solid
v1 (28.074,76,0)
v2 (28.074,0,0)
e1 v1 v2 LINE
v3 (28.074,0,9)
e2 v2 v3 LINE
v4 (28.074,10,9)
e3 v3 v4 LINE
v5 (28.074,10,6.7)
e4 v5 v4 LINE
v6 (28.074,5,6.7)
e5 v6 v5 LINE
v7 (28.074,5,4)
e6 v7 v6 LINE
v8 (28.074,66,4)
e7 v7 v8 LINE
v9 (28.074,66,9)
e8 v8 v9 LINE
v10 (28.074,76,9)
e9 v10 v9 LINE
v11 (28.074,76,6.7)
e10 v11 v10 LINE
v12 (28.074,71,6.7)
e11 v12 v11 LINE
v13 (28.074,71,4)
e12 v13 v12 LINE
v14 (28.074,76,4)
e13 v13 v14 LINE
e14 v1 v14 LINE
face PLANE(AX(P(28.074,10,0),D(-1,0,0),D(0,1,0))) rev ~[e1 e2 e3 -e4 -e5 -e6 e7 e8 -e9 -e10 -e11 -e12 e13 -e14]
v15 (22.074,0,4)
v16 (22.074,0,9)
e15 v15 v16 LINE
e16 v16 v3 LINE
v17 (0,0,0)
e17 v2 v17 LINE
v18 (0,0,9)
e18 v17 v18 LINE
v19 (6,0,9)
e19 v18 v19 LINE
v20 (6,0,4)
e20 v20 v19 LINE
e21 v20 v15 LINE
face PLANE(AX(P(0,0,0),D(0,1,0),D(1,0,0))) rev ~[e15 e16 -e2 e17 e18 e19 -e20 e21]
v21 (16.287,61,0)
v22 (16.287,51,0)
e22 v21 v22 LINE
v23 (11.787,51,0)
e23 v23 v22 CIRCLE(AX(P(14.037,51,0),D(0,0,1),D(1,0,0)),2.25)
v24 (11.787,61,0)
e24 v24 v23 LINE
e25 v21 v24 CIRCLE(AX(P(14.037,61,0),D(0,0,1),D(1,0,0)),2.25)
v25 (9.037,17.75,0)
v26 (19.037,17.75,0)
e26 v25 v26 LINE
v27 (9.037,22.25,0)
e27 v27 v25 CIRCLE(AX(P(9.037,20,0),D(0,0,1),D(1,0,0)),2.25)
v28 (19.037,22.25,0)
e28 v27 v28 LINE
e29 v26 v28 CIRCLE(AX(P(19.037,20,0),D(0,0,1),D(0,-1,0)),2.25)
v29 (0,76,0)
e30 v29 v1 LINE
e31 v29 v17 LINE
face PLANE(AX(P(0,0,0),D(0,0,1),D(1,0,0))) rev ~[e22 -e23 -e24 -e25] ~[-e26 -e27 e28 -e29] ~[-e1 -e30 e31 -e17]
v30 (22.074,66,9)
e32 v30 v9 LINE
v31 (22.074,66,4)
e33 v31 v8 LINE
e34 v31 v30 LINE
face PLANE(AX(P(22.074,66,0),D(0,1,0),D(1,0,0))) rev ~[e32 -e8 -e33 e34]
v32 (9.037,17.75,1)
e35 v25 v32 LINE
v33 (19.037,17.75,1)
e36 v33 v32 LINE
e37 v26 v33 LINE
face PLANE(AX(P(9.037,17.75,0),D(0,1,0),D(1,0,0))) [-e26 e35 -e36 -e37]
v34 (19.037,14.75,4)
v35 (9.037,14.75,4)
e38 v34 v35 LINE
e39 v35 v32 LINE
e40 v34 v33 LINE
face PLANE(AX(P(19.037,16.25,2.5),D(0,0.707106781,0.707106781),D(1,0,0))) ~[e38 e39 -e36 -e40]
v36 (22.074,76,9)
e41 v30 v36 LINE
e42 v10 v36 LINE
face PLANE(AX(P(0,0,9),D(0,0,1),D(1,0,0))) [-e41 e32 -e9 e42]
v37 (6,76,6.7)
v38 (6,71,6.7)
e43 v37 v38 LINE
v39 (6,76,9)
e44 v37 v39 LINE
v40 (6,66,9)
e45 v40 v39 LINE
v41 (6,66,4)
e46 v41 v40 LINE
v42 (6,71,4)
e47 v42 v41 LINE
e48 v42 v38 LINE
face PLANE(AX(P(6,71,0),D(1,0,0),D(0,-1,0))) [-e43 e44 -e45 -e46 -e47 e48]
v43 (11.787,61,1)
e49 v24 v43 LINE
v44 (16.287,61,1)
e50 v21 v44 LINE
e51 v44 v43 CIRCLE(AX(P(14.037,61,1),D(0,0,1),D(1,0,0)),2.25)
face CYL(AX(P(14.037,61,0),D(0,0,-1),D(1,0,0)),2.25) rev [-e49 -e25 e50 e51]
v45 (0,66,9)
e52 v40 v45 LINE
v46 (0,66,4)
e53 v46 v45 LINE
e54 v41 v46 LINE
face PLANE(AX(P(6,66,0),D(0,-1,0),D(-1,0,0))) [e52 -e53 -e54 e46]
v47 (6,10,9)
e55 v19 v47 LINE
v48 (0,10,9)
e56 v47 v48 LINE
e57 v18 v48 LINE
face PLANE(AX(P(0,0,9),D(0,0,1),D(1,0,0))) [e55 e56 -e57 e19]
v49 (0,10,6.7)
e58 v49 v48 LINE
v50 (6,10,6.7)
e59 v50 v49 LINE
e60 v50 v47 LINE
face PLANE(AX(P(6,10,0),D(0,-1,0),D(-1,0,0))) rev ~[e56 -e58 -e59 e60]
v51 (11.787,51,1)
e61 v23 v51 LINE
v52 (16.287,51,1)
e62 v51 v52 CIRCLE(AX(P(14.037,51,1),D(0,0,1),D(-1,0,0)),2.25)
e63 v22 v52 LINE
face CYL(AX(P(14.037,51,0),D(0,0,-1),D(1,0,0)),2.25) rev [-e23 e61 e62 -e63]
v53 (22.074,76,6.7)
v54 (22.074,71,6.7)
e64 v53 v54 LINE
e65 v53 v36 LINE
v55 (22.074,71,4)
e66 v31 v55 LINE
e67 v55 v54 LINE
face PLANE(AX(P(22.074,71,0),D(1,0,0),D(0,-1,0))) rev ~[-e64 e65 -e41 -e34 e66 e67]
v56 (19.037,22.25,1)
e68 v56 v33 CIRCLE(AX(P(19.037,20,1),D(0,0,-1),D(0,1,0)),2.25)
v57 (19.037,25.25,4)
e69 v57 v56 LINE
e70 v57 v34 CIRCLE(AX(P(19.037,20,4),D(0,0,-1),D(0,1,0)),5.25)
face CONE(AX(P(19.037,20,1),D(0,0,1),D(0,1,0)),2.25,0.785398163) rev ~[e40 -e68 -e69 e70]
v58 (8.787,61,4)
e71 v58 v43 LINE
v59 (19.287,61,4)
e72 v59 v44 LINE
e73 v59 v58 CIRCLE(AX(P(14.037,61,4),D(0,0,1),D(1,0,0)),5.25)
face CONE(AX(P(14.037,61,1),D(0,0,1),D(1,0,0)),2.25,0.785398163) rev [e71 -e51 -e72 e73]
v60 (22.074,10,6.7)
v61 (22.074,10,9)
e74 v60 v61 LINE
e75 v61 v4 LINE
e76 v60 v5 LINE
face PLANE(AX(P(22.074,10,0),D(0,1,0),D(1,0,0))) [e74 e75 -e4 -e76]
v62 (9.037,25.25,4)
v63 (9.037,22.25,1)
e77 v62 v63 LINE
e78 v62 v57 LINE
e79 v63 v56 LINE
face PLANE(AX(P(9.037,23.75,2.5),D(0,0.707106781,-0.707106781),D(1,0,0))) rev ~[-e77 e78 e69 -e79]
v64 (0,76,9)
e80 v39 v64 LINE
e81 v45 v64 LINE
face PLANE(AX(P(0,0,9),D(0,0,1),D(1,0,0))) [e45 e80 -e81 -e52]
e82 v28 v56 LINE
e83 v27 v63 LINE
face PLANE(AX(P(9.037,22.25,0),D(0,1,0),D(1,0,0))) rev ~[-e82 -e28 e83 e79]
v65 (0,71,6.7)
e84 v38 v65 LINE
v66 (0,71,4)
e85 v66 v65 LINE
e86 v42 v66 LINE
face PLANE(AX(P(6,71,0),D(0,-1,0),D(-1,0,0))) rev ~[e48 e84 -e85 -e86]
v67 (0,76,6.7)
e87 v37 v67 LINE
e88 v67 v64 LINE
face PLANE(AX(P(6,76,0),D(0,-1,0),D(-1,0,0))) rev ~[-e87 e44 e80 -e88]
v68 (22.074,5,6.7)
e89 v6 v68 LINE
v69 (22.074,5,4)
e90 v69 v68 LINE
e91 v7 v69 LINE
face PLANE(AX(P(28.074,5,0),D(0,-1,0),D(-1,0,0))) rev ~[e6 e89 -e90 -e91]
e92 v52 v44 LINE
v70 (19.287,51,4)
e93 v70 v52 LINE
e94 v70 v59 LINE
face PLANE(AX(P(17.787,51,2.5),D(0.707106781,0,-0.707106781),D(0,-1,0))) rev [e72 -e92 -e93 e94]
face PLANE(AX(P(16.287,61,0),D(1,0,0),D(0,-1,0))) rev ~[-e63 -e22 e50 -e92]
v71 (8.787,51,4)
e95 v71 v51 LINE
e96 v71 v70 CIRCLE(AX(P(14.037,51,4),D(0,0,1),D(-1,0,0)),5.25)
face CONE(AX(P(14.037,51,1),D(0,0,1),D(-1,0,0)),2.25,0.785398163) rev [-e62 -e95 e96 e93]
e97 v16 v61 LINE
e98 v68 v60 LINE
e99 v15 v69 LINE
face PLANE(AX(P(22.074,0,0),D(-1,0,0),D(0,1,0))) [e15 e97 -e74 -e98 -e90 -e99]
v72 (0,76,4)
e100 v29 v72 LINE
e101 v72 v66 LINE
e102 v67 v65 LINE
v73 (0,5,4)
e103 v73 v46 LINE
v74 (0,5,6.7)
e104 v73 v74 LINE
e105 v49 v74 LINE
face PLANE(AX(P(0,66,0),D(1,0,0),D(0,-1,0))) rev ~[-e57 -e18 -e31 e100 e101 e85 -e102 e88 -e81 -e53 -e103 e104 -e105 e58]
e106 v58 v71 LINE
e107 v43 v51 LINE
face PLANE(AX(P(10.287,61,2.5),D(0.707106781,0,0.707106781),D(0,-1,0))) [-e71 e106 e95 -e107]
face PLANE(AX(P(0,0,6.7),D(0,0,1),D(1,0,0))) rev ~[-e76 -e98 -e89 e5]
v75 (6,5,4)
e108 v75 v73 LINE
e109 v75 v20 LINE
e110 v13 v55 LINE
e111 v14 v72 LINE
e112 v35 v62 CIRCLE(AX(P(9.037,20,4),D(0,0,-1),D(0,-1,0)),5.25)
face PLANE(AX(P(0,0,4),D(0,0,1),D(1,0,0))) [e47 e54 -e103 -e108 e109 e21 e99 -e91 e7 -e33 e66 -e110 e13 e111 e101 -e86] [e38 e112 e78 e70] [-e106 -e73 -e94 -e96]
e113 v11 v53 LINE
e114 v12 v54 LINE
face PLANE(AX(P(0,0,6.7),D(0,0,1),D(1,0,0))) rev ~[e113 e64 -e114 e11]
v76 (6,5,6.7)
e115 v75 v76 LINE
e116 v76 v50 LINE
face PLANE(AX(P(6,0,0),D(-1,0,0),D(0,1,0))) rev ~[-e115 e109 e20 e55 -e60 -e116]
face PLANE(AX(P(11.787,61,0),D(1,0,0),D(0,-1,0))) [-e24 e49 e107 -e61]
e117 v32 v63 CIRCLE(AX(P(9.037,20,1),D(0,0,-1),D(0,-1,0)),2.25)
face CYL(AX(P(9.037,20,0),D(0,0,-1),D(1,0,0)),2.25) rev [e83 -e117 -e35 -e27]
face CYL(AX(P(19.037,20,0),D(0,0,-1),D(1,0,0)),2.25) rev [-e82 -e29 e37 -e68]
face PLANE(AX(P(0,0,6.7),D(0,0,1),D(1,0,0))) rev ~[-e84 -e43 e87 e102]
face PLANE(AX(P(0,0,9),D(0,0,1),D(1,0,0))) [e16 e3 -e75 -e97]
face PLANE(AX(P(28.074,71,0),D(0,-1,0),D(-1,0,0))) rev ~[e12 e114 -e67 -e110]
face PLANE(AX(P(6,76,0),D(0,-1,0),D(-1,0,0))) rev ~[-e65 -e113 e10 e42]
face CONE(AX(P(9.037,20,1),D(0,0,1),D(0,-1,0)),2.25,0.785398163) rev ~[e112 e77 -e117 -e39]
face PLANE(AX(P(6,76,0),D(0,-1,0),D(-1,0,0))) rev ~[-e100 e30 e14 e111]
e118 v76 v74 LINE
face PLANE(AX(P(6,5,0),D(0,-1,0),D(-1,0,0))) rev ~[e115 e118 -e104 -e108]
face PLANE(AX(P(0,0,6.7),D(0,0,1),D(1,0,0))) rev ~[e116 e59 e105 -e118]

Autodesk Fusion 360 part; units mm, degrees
sketch "Skizze2" plane through (0, 0, 0) normal (0, 0, 1) x (1, 0, 0)
  line L0 (0, 0) -> (28.074, 0)
  line L1 (28.074, 0) -> (28.074, 76)
  line L2 (28.074, 76) -> (0, 76)
  line L3 (0, 76) -> (0, 0)
  line L4 (0, 76) -> (6, 76)
  line L5 (6, 76) -> (6, 66)
  line L6 (6, 66) -> (0, 66)
  line L7 (0, 66) -> (0, 76)
  line L8 (28.074, 76) -> (22.074, 76)
  line L9 (22.074, 76) -> (22.074, 66)
  line L10 (22.074, 66) -> (28.074, 66)
  line L11 (28.074, 66) -> (28.074, 76)
  line L12 (0, 0) -> (6, 0)
  line L13 (6, 0) -> (6, 10)
  line L14 (6, 10) -> (0, 10)
  line L15 (0, 10) -> (0, 0)
  line L16 (28.074, 0) -> (22.074, 0)
  line L17 (22.074, 0) -> (22.074, 10)
  line L18 (22.074, 10) -> (28.074, 10)
  line L19 (28.074, 10) -> (28.074, 0)
  line L20 (14.037, 76) -> (14.037, 0) construction
  line L21 (0, 20) -> (28.074, 20) construction
  line L22 (0, 56) -> (28.074, 56) construction
  circle A0 centre (14.037, 61) radius 2.25
  circle A1 centre (14.037, 51) radius 2.25
  circle A2 centre (9.037, 20) radius 2.25
  circle A3 centre (19.037, 20) radius 2.25
  line L23 (11.787, 61) -> (11.787, 51)
  line L24 (16.287, 61) -> (16.287, 51)
  line L25 (9.037, 22.25) -> (19.037, 22.25)
  line L26 (9.037, 17.75) -> (19.037, 17.75)
  line L27 (0, 76) -> (6, 76)
  line L28 (6, 76) -> (6, 71)
  line L29 (6, 71) -> (0, 71)
  line L30 (0, 71) -> (0, 76)
  line L31 (22.074, 76) -> (28.074, 76)
  line L32 (28.074, 76) -> (28.074, 71)
  line L33 (28.074, 71) -> (22.074, 71)
  line L34 (22.074, 71) -> (22.074, 76)
  line L35 (0, 10) -> (6, 10)
  line L36 (6, 10) -> (6, 5)
  line L37 (6, 5) -> (0, 5)
  line L38 (0, 5) -> (0, 10)
  line L39 (22.074, 10) -> (28.074, 10)
  line L40 (28.074, 10) -> (28.074, 5)
  line L41 (28.074, 5) -> (22.074, 5)
  line L42 (22.074, 5) -> (22.074, 10)
  point P0 (14.037, 61)
  point P1 (14.037, 51)
  point P2 (9.037, 20)
  point P3 (19.037, 20)
  point P4 (14.037, 56)
  point P5 (14.037, 20)
  dimension "d1" = 28.074
  dimension "d2" = 76
  dimension "d3" = 6
  dimension "d4" = 10
  dimension "d5" = 6
  dimension "d6" = 10
  dimension "d7" = 6
  dimension "d8" = 10
  dimension "d9" = 6
  dimension "d10" = 10
  dimension "d11" = 20
  dimension "d12" = 20
  dimension "d13" = 5
  dimension "d14" = 5
  dimension "d15" = 5
  dimension "d16" = 5
  dimension "d17" = 4.5
  dimension "d18" = 4.5
  dimension "d19" = 4.5
  dimension "d20" = 4.5
  dimension "d23" = 5
extrude "Extrusion1" add sketch "Skizze2" along normal blind 4 contours L0 L1 L2 L3 L5 L6 L9 L10 L13 L14 L17 L18 L28 L34 L35 L36 L39 L42
extrude "Extrusion2" add sketch "Skizze2" along normal blind 9 contours L0 L3 L12 L13 L15 L37 | L3 L13 L14 L15 L35 L36 L37 L38 | L0 L1 L16 L17 L19 L41 | L1 L17 L18 L19 L39 L40 L41 L42 | L3 L5 L6 L7 L29 | L2 L3 L4 L5 L7 L27 L28 L29 L30 | L1 L9 L10 L11 L33 | L1 L2 L8 L9 L11 L31 L32 L33 L34
extrude "Extrusion3" cut sketch "Skizze2" along normal blind 6.7 contours L3 L13 L14 L15 L35 L36 L37 L38 | L1 L17 L18 L19 L39 L40 L41 L42 | L2 L3 L4 L5 L7 L27 L28 L29 L30 | L1 L2 L8 L9 L11 L31 L32 L33 L34
extrude "Extrusion4" add sketch "Skizze2" along normal blind 4 contours L3 L13 L14 L15 L35 L36 L37 L38 | L1 L17 L18 L19 L39 L40 L41 L42 | L2 L3 L4 L5 L7 L27 L28 L29 L30 | L1 L2 L8 L9 L11 L31 L32 L33 L34
chamfer "Fase1" distance 3 angle 45 8 edges at (14.037, 63.25, 4) (16.287, 56, 4) (14.037, 48.75, 4) (11.787, 56, 4) (14.037, 22.25, 4) (21.287, 20, 4) (14.037, 17.75, 4) (6.787, 20, 4)
